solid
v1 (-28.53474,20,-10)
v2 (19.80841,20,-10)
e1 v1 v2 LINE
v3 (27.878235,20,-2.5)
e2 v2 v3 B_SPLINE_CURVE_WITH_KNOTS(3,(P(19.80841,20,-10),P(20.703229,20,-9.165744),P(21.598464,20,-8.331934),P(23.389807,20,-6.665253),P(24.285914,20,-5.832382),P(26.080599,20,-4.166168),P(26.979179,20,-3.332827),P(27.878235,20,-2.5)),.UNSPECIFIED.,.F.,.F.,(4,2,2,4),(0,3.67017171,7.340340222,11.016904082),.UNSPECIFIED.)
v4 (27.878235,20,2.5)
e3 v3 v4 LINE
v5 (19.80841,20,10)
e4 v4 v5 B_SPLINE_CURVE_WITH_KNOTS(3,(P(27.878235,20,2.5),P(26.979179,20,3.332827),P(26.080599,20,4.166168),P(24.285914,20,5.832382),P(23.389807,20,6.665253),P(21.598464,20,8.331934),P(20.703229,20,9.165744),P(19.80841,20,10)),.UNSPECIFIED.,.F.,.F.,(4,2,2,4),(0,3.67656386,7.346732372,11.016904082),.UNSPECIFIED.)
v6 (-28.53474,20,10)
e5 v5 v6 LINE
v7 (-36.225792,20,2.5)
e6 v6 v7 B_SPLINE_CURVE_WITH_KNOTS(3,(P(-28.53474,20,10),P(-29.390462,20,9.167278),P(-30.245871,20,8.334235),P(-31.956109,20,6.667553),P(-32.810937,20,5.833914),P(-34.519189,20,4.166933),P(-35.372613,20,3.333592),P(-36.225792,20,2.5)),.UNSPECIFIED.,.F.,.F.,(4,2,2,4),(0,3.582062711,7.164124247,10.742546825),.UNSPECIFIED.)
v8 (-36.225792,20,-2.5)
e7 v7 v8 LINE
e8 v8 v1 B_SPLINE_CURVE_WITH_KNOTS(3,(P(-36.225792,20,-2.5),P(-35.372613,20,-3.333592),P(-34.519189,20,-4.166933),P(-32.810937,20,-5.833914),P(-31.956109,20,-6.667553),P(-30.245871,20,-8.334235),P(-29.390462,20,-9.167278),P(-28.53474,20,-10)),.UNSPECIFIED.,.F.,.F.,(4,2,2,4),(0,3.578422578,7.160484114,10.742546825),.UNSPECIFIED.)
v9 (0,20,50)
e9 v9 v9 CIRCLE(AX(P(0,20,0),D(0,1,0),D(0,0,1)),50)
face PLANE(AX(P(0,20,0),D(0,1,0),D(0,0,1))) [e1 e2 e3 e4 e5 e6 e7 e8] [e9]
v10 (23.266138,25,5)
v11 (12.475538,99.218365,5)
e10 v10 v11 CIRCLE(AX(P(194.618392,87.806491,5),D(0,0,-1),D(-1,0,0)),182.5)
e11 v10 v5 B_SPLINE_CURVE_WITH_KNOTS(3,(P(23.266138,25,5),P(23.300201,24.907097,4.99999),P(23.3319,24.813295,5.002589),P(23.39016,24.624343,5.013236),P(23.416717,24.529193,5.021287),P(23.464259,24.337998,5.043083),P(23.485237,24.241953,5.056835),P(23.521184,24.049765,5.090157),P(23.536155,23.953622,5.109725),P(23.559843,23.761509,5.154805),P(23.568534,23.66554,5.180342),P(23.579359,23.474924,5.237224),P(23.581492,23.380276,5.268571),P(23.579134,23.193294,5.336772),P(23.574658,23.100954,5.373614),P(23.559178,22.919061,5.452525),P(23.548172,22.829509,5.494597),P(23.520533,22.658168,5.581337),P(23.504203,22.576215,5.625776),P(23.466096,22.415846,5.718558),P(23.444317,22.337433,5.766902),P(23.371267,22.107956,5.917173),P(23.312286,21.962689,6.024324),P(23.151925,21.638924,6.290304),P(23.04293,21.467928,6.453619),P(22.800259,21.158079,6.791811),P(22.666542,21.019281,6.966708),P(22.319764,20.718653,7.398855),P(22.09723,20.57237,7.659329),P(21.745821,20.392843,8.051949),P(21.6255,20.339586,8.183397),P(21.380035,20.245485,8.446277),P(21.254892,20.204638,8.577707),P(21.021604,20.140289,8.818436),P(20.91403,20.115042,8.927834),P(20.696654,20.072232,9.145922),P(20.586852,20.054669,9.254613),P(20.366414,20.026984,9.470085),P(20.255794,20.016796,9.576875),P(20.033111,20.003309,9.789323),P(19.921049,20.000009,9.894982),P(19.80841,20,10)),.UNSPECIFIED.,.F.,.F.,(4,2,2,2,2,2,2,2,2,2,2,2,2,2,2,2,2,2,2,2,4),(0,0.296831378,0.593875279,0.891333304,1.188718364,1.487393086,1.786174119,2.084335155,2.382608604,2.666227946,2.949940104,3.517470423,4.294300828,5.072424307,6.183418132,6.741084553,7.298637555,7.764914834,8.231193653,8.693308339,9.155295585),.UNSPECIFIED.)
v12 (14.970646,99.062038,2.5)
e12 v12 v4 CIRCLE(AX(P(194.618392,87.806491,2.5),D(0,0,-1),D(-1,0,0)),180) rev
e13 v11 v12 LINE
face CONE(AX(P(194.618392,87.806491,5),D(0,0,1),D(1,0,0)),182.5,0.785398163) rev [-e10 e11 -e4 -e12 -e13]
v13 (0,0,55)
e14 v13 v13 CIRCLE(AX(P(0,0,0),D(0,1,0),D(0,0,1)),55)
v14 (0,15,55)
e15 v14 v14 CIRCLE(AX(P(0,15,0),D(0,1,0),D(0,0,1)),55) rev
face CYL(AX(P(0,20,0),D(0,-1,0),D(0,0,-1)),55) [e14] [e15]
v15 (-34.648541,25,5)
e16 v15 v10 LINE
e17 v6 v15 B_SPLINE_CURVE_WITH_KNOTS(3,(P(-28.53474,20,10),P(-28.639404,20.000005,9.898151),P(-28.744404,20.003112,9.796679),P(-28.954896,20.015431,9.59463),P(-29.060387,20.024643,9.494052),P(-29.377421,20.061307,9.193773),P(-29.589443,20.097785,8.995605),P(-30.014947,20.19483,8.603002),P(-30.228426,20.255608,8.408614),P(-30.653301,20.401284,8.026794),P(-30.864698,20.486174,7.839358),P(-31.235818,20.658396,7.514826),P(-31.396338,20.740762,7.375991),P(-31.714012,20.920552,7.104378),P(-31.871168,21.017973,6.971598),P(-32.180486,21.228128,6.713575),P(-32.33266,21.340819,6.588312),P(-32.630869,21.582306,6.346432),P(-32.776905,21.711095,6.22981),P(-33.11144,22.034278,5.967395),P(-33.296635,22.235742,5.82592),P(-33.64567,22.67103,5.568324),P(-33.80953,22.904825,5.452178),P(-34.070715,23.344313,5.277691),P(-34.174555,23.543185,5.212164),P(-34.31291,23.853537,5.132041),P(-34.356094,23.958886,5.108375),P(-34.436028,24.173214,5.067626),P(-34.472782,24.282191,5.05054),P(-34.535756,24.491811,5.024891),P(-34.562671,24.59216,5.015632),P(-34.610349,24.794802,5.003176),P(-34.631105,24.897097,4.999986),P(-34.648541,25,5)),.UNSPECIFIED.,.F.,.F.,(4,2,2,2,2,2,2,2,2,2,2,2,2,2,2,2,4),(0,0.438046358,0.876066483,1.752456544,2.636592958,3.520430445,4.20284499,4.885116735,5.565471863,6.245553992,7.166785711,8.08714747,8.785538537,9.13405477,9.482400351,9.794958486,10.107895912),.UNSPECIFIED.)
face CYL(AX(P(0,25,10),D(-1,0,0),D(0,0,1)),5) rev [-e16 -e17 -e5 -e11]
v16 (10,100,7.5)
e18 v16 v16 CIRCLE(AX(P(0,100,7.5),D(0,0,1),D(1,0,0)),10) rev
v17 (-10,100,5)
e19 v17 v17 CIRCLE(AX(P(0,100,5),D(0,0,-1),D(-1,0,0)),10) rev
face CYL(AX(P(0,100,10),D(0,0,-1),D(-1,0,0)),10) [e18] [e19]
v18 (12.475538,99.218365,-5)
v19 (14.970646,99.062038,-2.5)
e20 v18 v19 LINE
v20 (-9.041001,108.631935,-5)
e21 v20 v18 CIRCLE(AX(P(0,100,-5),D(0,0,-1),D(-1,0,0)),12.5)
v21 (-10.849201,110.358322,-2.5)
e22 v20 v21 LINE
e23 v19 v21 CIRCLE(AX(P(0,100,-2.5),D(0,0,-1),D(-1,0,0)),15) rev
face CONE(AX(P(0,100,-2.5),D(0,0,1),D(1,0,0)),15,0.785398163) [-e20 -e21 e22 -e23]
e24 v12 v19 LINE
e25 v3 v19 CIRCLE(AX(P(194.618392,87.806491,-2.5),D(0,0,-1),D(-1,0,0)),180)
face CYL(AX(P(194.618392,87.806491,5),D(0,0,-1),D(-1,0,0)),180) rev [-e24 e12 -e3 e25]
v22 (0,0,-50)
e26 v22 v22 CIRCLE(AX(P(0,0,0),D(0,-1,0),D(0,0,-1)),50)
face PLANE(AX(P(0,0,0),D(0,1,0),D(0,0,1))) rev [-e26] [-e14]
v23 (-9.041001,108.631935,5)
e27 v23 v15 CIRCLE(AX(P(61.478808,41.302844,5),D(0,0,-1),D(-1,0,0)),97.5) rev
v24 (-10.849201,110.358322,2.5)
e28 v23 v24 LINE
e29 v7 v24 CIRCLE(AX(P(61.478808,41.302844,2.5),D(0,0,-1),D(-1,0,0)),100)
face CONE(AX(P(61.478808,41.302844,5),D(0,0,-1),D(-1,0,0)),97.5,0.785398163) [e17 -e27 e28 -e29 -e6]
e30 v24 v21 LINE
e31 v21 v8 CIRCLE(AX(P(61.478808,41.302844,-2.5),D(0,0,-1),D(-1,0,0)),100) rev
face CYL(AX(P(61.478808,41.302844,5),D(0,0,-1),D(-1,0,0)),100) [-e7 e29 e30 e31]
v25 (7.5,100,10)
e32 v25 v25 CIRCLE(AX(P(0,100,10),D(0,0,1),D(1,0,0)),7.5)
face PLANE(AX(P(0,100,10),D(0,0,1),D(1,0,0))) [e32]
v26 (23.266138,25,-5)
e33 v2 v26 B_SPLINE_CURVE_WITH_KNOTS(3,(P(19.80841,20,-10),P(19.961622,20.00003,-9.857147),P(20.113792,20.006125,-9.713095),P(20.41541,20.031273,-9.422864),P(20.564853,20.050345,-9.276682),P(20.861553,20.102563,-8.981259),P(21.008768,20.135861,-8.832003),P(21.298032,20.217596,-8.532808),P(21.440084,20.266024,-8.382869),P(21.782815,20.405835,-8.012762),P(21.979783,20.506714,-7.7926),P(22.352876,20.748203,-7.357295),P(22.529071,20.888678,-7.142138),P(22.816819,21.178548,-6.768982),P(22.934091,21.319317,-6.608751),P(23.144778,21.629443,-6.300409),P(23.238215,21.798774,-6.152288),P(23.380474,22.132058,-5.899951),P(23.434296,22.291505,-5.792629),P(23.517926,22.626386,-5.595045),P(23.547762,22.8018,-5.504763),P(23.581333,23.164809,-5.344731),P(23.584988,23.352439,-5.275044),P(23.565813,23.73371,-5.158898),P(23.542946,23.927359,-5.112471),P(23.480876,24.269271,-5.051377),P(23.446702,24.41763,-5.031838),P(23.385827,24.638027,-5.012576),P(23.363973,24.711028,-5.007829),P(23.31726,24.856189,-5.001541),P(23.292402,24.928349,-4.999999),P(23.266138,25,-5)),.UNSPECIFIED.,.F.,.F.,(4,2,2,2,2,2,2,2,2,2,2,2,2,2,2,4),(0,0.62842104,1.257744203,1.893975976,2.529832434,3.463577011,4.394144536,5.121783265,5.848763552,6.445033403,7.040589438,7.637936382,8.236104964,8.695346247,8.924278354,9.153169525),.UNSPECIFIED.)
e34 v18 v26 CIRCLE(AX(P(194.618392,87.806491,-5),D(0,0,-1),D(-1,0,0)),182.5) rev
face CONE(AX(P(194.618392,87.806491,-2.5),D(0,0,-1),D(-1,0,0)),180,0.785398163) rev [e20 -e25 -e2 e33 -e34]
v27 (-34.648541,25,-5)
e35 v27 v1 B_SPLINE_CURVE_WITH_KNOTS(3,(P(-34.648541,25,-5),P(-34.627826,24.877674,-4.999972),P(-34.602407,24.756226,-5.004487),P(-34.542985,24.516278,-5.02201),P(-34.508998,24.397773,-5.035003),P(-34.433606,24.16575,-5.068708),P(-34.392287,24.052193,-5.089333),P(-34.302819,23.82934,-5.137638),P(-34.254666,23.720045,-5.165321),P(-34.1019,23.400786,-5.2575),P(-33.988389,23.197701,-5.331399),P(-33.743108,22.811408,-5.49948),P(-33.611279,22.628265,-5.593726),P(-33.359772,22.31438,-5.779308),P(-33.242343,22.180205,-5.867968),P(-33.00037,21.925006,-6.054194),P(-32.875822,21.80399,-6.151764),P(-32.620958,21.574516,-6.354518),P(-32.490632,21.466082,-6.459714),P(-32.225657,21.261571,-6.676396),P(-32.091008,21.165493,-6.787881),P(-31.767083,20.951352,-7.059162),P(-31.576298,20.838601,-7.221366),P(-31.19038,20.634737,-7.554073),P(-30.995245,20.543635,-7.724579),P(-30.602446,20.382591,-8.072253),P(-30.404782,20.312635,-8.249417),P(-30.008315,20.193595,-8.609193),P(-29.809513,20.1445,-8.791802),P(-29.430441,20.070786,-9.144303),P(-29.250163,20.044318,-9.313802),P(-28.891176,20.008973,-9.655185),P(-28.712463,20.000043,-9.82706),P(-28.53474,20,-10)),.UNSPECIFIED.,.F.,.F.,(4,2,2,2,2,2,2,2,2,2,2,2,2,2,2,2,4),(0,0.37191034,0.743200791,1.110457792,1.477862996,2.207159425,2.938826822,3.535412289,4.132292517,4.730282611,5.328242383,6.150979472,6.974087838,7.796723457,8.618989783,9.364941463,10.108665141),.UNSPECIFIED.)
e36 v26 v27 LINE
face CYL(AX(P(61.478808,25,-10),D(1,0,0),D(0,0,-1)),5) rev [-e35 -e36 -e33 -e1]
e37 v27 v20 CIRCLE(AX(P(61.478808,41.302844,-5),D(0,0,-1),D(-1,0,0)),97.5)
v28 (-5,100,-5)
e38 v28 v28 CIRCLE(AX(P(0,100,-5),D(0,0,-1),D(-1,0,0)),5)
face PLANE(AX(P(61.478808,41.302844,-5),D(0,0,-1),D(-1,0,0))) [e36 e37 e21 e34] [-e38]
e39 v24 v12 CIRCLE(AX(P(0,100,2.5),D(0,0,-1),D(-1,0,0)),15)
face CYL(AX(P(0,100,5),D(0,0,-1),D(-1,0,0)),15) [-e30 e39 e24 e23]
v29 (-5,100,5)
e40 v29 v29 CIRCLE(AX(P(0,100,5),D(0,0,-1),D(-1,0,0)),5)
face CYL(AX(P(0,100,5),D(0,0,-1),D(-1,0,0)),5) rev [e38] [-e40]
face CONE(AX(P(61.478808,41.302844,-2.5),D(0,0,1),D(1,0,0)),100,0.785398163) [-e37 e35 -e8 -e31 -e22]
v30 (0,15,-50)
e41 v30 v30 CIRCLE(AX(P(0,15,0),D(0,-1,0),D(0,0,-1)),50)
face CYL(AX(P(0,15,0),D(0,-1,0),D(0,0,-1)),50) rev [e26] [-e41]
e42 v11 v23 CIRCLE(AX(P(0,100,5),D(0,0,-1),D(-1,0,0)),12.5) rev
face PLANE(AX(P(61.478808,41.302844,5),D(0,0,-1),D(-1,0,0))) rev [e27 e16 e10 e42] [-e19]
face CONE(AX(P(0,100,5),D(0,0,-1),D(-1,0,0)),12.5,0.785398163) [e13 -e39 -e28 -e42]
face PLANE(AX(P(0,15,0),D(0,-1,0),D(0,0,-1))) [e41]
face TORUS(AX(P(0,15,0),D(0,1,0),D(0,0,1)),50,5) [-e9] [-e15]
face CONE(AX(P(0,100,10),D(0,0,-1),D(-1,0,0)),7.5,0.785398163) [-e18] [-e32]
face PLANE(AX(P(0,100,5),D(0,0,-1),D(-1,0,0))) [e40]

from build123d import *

# Parameters (mm, degrees)
SKETCH2_R           = 55
BOSS_EXTRUDE1_DEPTH = 20
FILLET1_R           = 5
BOSS_EXTRUDE2_DEPTH = 5
CHAMFER1_SIZE       = 2.5
CHAMFER2_SIZE       = 2.5
FILLET2_R           = 5
SKETCH4_R           = 10
BOSS_EXTRUDE3_DEPTH = 5
CHAMFER3_SIZE       = 2.5
SKETCH5_R           = 5
CUT_EXTRUDE1_DEPTH  = 10
SKETCH8_R           = 50
CUT_EXTRUDE2_DEPTH  = 15


with BuildPart() as part:
    # Sketch2 → Boss-Extrude1 (new body)
    with BuildSketch(Plane(origin=(0, 0, 0), x_dir=(1, 0, 0), z_dir=(0, 1, 0))):
        with Locations(Location((0, 0, 0), (0, 0, 270))):
            Circle(SKETCH2_R)
    extrude(amount=BOSS_EXTRUDE1_DEPTH)

    # Fillet1
    fillet1_edges = [part.edges().sort_by_distance(p)[0] for p in [
        (0, 20, -55),
    ]]
    fillet(fillet1_edges, radius=FILLET1_R)

    # Sketch3 → Boss-Extrude2 (add, symmetric)
    with BuildSketch(Plane.XY):
        with BuildLine():
            Line((-35, 15), (30, 15))
            ThreePointArc((30, 15), (17.428098582, 56.126843631), (14.970645506, 99.06203778))
            ThreePointArc((14.970645506, 99.06203778), (6.012327577, 113.742340307), (-10.849201429, 110.358321696))
            ThreePointArc((-10.849201429, 110.358321696), (-35.460543036, 65.854059614), (-35, 15))
        make_face()
    extrude(amount=BOSS_EXTRUDE2_DEPTH, both=True)

    # Chamfer1
    chamfer1_edges = [part.edges().sort_by_distance(p)[0] for p in [
        (16.970295051, 58.803839559, 5),
        (6.012327577, 113.742340307, 5),
        (-34.796467261, 68.341174934, 5),
    ]]
    chamfer(chamfer1_edges, length=CHAMFER1_SIZE)

    # Chamfer2
    chamfer2_edges = [part.edges().sort_by_distance(p)[0] for p in [
        (-34.796467261, 68.341174934, -5),
        (16.970295051, 58.803839559, -5),
        (6.012327577, 113.742340307, -5),
    ]]
    chamfer(chamfer2_edges, length=CHAMFER2_SIZE)

    # Fillet2
    fillet2_edges = [part.edges().sort_by_distance(p)[0] for p in [
        (-4.241511046, 20, 5),
        (-4.241511046, 20, -5),
    ]]
    fillet(fillet2_edges, radius=FILLET2_R)

    # Sketch4 → Boss-Extrude3 (add)
    with BuildSketch(Plane.XY.offset(5)):
        with Locations(Location((0, 100, 0), (0, 0, 180))):
            Circle(SKETCH4_R)
    extrude(amount=BOSS_EXTRUDE3_DEPTH)

    # Chamfer3
    chamfer3_edges = [part.edges().sort_by_distance(p)[0] for p in [
        (10, 100, 10),
    ]]
    chamfer(chamfer3_edges, length=CHAMFER3_SIZE)

    # Sketch5 → Cut-Extrude1 (cut)
    with BuildSketch(Plane(origin=(0, 0, -5), x_dir=(-1, 0, 0), z_dir=(0, 0, -1))):
        with Locations((0, 100)):
            Circle(SKETCH5_R)
    extrude(amount=-CUT_EXTRUDE1_DEPTH, mode=Mode.SUBTRACT)

    # Sketch8 → Cut-Extrude2 (cut)
    with BuildSketch(Plane.XZ):
        with Locations(Location((0, 0, 0), (0, 0, 270))):
            Circle(SKETCH8_R)
    extrude(amount=-CUT_EXTRUDE2_DEPTH, mode=Mode.SUBTRACT)


solid = part.part
